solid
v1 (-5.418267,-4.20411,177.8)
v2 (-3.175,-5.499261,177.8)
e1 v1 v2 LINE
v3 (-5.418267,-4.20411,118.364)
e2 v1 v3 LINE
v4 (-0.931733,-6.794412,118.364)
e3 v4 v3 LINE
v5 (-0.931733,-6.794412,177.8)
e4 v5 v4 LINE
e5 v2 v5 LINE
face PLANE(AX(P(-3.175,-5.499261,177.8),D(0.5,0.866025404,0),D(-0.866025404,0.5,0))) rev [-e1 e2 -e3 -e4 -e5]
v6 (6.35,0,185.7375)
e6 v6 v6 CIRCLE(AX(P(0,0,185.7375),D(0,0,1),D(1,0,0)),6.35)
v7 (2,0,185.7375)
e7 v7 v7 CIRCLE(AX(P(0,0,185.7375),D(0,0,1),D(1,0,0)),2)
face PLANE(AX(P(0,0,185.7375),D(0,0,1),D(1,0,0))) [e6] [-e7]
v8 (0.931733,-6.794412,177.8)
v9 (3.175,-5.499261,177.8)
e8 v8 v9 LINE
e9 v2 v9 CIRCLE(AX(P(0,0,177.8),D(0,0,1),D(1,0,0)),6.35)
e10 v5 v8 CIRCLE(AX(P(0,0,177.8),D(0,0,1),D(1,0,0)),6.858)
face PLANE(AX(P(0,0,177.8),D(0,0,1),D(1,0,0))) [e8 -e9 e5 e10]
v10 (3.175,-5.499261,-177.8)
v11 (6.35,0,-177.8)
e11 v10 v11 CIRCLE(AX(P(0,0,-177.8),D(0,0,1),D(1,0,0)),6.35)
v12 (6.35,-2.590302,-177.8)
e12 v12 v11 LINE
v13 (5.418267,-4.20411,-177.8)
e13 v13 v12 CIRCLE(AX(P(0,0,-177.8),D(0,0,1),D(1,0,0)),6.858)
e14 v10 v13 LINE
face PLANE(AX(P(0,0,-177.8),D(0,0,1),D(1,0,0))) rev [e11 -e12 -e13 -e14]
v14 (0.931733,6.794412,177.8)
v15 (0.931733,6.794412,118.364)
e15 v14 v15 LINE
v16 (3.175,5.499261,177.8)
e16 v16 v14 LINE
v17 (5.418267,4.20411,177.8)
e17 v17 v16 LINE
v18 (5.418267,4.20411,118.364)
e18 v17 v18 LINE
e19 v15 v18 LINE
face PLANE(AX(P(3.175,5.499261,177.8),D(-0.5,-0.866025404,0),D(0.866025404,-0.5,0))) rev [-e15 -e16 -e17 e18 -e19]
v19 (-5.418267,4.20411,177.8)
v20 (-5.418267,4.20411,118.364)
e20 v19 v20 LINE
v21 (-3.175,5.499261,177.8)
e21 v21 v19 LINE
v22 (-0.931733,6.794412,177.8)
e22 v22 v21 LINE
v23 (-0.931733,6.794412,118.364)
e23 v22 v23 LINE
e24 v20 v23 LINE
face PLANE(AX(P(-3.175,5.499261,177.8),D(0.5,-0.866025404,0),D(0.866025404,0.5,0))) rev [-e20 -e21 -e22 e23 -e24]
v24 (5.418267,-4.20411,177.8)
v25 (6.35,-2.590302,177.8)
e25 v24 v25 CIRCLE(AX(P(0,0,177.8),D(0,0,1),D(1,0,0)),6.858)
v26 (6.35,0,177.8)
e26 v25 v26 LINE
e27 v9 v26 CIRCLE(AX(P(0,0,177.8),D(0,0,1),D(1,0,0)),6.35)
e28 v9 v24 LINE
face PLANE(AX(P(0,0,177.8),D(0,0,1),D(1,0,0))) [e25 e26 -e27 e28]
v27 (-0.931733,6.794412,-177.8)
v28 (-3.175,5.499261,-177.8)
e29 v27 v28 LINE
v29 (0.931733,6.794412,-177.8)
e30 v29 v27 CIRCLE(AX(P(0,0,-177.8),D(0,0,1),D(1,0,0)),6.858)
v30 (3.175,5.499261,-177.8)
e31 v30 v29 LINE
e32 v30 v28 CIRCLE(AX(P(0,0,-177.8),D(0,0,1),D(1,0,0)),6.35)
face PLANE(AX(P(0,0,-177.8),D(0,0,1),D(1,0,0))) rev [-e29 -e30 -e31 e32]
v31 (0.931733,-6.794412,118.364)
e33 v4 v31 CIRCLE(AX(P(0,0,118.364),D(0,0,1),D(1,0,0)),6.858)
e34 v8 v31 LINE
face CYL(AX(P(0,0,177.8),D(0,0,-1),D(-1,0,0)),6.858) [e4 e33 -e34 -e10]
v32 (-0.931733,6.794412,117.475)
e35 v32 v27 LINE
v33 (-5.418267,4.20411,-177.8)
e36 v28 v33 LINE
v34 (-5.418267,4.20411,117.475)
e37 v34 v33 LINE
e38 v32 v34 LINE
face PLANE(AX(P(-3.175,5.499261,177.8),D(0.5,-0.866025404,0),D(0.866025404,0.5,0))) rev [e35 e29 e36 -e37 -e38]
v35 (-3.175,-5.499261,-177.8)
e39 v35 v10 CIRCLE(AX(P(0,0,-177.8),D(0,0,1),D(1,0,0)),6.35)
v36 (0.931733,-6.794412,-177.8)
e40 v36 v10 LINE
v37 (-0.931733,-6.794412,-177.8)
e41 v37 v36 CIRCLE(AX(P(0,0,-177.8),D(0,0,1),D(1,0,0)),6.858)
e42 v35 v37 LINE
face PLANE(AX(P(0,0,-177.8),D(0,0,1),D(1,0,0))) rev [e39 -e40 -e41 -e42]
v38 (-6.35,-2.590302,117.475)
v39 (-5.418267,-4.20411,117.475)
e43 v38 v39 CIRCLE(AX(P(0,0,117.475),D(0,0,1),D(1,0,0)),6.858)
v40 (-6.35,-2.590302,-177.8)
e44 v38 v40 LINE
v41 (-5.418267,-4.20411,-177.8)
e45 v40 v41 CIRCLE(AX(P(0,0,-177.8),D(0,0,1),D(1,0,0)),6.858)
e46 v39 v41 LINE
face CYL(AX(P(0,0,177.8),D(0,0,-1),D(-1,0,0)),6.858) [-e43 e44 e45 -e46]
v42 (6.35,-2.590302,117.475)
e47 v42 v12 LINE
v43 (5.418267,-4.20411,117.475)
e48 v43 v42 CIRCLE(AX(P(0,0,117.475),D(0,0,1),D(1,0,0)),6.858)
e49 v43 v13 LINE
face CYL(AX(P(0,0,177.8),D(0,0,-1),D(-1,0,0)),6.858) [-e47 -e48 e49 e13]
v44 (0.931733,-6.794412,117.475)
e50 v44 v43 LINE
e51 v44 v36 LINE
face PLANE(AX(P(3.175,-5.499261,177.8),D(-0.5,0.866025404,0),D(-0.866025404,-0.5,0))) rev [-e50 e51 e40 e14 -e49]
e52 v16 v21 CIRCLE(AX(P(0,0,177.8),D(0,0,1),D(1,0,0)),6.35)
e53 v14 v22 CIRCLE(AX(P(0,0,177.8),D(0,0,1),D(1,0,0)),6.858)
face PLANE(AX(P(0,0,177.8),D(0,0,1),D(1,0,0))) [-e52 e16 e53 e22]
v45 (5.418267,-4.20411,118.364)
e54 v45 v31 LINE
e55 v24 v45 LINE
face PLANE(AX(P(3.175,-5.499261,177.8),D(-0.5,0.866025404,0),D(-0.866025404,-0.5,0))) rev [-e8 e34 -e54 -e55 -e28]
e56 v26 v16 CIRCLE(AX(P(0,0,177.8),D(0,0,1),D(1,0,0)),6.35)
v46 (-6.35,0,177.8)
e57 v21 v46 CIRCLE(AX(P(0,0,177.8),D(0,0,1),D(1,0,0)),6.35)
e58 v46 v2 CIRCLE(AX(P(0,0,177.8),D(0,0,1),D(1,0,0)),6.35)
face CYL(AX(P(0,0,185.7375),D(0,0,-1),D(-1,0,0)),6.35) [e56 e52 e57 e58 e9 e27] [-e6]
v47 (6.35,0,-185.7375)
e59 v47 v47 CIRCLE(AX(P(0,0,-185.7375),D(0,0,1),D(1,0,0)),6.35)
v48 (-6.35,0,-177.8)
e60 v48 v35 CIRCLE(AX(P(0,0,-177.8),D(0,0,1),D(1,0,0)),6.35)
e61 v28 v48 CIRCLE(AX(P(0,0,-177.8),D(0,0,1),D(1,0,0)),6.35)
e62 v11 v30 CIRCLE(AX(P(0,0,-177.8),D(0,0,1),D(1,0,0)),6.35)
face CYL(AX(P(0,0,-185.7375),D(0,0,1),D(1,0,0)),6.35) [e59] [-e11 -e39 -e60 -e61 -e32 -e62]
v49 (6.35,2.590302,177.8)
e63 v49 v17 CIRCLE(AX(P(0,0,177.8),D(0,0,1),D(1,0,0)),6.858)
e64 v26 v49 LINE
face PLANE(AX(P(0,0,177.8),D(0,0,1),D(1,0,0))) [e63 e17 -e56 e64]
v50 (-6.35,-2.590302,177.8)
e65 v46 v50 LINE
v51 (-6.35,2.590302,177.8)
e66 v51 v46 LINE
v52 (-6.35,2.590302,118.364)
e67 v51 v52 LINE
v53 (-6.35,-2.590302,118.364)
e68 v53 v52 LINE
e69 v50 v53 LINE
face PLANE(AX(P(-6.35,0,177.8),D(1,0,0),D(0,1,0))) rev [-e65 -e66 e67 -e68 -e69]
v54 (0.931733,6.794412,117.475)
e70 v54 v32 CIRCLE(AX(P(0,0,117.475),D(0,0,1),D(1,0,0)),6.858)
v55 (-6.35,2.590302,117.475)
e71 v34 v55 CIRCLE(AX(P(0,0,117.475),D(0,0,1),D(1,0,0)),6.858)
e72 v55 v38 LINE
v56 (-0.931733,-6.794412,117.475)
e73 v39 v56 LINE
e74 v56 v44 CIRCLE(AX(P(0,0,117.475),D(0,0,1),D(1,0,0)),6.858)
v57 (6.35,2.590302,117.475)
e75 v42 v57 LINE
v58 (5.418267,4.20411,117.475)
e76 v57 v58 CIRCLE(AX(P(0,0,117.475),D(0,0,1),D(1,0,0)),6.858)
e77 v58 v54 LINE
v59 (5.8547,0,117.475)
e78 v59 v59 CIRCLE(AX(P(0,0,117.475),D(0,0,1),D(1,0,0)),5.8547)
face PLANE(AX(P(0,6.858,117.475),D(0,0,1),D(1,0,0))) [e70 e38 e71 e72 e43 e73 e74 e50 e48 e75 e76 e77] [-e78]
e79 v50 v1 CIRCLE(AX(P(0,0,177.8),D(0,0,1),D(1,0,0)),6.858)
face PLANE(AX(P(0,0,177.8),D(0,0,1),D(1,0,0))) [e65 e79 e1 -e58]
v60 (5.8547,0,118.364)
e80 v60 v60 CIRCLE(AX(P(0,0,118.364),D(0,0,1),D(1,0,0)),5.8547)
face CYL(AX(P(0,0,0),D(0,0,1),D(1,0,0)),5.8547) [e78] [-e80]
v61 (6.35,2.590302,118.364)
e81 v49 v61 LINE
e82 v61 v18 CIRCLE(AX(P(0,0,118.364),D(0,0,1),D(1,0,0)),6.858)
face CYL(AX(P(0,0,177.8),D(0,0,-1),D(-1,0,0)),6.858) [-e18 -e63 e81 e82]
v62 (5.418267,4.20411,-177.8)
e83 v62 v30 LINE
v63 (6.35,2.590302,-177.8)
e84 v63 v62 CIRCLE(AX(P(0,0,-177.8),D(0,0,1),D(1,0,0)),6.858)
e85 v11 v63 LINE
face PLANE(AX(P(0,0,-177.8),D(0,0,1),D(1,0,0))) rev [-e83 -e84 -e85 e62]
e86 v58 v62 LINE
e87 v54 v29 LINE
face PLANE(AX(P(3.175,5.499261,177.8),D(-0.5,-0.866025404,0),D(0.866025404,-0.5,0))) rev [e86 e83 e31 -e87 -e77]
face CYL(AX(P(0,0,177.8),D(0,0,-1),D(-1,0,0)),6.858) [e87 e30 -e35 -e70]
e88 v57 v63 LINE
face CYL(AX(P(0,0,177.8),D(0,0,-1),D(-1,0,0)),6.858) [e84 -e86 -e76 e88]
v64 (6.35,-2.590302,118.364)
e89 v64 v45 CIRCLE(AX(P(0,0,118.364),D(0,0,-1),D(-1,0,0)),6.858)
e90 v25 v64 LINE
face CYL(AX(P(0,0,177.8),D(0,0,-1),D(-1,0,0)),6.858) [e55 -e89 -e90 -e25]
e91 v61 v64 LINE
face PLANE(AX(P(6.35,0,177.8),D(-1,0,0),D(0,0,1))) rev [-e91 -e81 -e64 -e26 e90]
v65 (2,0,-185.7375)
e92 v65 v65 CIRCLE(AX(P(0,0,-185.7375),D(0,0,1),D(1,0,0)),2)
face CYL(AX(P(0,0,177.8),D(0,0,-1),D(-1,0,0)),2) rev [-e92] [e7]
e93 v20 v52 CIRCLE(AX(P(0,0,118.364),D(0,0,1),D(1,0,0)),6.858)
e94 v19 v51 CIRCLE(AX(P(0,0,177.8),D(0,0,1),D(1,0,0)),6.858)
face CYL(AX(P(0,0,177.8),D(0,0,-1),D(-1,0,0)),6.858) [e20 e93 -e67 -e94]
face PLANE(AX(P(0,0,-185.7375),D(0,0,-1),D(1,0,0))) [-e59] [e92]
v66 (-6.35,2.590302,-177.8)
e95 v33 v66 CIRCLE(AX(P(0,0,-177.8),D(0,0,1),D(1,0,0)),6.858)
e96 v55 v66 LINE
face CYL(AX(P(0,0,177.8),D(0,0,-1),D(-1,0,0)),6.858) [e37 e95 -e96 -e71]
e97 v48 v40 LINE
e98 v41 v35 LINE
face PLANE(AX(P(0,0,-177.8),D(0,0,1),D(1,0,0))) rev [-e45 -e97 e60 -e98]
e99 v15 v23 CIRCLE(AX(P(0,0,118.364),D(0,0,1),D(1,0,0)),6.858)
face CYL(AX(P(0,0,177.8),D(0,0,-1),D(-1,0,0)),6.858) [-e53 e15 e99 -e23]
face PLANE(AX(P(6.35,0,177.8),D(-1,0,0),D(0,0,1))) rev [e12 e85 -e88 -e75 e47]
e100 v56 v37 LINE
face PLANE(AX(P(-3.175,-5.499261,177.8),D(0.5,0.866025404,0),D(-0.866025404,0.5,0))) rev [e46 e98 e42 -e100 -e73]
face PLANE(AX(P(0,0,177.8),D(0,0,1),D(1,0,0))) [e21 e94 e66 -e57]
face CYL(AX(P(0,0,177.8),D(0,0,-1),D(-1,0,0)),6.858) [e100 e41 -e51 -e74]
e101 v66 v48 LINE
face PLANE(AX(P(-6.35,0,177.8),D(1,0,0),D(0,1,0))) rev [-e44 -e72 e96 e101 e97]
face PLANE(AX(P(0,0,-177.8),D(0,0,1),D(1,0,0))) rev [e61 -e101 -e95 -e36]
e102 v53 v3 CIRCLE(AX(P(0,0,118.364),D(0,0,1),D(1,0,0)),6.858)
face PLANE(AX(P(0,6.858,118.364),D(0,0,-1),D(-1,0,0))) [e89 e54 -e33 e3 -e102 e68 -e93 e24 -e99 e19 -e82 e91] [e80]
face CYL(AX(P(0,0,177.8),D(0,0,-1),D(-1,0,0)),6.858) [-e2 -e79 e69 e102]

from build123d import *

# Parameters (mm, degrees)
SKETCH1_R           = 2.000000064
BOSS_EXTRUDE1_DEPTH = 177.8
SKETCH3_R           = 6.35
SKETCH3_R_2         = 2.000000064
BOSS_EXTRUDE3_DEPTH = 7.9375
SKETCH5_W           = 0.889
SKETCH5_H           = 1.0033


with BuildPart() as part:
    # Sketch1 → Boss-Extrude1 (new, symmetric)
    with BuildSketch(Plane.XY):
        with BuildLine():
            ThreePointArc((0.93173274, 6.79441227), (0, 6.858), (-0.93173274, 6.79441227))
            Line((-0.93173274, 6.79441227), (-5.41826726, 4.204110358))
            ThreePointArc((-5.41826726, 4.204110358), (-5.939202219, 3.429), (-6.35, 2.590301913))
            Line((-6.35, 2.590301913), (-6.35, -2.590301913))
            ThreePointArc((-6.35, -2.590301913), (-5.939202219, -3.429), (-5.41826726, -4.204110358))
            Line((-5.41826726, -4.204110358), (-0.93173274, -6.79441227))
            ThreePointArc((-0.93173274, -6.79441227), (0, -6.858), (0.93173274, -6.79441227))
            Line((0.93173274, -6.79441227), (5.41826726, -4.204110358))
            ThreePointArc((5.41826726, -4.204110358), (5.939202219, -3.429), (6.35, -2.590301913))
            Line((6.35, -2.590301913), (6.35, 2.590301913))
            ThreePointArc((6.35, 2.590301913), (5.939202219, 3.429), (5.41826726, 4.204110358))
            Line((5.41826726, 4.204110358), (0.93173274, 6.79441227))
        make_face()
        Circle(SKETCH1_R, mode=Mode.SUBTRACT)
    extrude(amount=BOSS_EXTRUDE1_DEPTH, both=True)

    # Sketch3 → Boss-Extrude3 (add)
    with BuildSketch(Plane.XY.offset(177.8)):
        Circle(SKETCH3_R)
        Circle(SKETCH3_R_2, mode=Mode.SUBTRACT)
    boss_extrude3 = extrude(amount=BOSS_EXTRUDE3_DEPTH)

    # Mirror1: Boss-Extrude3 across plane
    add(boss_extrude3.mirror(Plane.XY))

    # Sketch5 → Cut-Revolve1 (revolve, cut)
    with BuildSketch(Plane(origin=(0, 0, 0), x_dir=(0, 0, -1), z_dir=(1, 0, 0)), mode=Mode.PRIVATE) as cut_revolve1_sk:
        with Locations((-117.9195, 6.35635)):
            Rectangle(SKETCH5_W, SKETCH5_H)
    revolve(cut_revolve1_sk.sketch.rotate(Axis((0, 0, 0), (0, 0, -1)), 90), axis=Axis((0, 0, 0), (0, 0, -1)), mode=Mode.SUBTRACT)


solid = part.part
